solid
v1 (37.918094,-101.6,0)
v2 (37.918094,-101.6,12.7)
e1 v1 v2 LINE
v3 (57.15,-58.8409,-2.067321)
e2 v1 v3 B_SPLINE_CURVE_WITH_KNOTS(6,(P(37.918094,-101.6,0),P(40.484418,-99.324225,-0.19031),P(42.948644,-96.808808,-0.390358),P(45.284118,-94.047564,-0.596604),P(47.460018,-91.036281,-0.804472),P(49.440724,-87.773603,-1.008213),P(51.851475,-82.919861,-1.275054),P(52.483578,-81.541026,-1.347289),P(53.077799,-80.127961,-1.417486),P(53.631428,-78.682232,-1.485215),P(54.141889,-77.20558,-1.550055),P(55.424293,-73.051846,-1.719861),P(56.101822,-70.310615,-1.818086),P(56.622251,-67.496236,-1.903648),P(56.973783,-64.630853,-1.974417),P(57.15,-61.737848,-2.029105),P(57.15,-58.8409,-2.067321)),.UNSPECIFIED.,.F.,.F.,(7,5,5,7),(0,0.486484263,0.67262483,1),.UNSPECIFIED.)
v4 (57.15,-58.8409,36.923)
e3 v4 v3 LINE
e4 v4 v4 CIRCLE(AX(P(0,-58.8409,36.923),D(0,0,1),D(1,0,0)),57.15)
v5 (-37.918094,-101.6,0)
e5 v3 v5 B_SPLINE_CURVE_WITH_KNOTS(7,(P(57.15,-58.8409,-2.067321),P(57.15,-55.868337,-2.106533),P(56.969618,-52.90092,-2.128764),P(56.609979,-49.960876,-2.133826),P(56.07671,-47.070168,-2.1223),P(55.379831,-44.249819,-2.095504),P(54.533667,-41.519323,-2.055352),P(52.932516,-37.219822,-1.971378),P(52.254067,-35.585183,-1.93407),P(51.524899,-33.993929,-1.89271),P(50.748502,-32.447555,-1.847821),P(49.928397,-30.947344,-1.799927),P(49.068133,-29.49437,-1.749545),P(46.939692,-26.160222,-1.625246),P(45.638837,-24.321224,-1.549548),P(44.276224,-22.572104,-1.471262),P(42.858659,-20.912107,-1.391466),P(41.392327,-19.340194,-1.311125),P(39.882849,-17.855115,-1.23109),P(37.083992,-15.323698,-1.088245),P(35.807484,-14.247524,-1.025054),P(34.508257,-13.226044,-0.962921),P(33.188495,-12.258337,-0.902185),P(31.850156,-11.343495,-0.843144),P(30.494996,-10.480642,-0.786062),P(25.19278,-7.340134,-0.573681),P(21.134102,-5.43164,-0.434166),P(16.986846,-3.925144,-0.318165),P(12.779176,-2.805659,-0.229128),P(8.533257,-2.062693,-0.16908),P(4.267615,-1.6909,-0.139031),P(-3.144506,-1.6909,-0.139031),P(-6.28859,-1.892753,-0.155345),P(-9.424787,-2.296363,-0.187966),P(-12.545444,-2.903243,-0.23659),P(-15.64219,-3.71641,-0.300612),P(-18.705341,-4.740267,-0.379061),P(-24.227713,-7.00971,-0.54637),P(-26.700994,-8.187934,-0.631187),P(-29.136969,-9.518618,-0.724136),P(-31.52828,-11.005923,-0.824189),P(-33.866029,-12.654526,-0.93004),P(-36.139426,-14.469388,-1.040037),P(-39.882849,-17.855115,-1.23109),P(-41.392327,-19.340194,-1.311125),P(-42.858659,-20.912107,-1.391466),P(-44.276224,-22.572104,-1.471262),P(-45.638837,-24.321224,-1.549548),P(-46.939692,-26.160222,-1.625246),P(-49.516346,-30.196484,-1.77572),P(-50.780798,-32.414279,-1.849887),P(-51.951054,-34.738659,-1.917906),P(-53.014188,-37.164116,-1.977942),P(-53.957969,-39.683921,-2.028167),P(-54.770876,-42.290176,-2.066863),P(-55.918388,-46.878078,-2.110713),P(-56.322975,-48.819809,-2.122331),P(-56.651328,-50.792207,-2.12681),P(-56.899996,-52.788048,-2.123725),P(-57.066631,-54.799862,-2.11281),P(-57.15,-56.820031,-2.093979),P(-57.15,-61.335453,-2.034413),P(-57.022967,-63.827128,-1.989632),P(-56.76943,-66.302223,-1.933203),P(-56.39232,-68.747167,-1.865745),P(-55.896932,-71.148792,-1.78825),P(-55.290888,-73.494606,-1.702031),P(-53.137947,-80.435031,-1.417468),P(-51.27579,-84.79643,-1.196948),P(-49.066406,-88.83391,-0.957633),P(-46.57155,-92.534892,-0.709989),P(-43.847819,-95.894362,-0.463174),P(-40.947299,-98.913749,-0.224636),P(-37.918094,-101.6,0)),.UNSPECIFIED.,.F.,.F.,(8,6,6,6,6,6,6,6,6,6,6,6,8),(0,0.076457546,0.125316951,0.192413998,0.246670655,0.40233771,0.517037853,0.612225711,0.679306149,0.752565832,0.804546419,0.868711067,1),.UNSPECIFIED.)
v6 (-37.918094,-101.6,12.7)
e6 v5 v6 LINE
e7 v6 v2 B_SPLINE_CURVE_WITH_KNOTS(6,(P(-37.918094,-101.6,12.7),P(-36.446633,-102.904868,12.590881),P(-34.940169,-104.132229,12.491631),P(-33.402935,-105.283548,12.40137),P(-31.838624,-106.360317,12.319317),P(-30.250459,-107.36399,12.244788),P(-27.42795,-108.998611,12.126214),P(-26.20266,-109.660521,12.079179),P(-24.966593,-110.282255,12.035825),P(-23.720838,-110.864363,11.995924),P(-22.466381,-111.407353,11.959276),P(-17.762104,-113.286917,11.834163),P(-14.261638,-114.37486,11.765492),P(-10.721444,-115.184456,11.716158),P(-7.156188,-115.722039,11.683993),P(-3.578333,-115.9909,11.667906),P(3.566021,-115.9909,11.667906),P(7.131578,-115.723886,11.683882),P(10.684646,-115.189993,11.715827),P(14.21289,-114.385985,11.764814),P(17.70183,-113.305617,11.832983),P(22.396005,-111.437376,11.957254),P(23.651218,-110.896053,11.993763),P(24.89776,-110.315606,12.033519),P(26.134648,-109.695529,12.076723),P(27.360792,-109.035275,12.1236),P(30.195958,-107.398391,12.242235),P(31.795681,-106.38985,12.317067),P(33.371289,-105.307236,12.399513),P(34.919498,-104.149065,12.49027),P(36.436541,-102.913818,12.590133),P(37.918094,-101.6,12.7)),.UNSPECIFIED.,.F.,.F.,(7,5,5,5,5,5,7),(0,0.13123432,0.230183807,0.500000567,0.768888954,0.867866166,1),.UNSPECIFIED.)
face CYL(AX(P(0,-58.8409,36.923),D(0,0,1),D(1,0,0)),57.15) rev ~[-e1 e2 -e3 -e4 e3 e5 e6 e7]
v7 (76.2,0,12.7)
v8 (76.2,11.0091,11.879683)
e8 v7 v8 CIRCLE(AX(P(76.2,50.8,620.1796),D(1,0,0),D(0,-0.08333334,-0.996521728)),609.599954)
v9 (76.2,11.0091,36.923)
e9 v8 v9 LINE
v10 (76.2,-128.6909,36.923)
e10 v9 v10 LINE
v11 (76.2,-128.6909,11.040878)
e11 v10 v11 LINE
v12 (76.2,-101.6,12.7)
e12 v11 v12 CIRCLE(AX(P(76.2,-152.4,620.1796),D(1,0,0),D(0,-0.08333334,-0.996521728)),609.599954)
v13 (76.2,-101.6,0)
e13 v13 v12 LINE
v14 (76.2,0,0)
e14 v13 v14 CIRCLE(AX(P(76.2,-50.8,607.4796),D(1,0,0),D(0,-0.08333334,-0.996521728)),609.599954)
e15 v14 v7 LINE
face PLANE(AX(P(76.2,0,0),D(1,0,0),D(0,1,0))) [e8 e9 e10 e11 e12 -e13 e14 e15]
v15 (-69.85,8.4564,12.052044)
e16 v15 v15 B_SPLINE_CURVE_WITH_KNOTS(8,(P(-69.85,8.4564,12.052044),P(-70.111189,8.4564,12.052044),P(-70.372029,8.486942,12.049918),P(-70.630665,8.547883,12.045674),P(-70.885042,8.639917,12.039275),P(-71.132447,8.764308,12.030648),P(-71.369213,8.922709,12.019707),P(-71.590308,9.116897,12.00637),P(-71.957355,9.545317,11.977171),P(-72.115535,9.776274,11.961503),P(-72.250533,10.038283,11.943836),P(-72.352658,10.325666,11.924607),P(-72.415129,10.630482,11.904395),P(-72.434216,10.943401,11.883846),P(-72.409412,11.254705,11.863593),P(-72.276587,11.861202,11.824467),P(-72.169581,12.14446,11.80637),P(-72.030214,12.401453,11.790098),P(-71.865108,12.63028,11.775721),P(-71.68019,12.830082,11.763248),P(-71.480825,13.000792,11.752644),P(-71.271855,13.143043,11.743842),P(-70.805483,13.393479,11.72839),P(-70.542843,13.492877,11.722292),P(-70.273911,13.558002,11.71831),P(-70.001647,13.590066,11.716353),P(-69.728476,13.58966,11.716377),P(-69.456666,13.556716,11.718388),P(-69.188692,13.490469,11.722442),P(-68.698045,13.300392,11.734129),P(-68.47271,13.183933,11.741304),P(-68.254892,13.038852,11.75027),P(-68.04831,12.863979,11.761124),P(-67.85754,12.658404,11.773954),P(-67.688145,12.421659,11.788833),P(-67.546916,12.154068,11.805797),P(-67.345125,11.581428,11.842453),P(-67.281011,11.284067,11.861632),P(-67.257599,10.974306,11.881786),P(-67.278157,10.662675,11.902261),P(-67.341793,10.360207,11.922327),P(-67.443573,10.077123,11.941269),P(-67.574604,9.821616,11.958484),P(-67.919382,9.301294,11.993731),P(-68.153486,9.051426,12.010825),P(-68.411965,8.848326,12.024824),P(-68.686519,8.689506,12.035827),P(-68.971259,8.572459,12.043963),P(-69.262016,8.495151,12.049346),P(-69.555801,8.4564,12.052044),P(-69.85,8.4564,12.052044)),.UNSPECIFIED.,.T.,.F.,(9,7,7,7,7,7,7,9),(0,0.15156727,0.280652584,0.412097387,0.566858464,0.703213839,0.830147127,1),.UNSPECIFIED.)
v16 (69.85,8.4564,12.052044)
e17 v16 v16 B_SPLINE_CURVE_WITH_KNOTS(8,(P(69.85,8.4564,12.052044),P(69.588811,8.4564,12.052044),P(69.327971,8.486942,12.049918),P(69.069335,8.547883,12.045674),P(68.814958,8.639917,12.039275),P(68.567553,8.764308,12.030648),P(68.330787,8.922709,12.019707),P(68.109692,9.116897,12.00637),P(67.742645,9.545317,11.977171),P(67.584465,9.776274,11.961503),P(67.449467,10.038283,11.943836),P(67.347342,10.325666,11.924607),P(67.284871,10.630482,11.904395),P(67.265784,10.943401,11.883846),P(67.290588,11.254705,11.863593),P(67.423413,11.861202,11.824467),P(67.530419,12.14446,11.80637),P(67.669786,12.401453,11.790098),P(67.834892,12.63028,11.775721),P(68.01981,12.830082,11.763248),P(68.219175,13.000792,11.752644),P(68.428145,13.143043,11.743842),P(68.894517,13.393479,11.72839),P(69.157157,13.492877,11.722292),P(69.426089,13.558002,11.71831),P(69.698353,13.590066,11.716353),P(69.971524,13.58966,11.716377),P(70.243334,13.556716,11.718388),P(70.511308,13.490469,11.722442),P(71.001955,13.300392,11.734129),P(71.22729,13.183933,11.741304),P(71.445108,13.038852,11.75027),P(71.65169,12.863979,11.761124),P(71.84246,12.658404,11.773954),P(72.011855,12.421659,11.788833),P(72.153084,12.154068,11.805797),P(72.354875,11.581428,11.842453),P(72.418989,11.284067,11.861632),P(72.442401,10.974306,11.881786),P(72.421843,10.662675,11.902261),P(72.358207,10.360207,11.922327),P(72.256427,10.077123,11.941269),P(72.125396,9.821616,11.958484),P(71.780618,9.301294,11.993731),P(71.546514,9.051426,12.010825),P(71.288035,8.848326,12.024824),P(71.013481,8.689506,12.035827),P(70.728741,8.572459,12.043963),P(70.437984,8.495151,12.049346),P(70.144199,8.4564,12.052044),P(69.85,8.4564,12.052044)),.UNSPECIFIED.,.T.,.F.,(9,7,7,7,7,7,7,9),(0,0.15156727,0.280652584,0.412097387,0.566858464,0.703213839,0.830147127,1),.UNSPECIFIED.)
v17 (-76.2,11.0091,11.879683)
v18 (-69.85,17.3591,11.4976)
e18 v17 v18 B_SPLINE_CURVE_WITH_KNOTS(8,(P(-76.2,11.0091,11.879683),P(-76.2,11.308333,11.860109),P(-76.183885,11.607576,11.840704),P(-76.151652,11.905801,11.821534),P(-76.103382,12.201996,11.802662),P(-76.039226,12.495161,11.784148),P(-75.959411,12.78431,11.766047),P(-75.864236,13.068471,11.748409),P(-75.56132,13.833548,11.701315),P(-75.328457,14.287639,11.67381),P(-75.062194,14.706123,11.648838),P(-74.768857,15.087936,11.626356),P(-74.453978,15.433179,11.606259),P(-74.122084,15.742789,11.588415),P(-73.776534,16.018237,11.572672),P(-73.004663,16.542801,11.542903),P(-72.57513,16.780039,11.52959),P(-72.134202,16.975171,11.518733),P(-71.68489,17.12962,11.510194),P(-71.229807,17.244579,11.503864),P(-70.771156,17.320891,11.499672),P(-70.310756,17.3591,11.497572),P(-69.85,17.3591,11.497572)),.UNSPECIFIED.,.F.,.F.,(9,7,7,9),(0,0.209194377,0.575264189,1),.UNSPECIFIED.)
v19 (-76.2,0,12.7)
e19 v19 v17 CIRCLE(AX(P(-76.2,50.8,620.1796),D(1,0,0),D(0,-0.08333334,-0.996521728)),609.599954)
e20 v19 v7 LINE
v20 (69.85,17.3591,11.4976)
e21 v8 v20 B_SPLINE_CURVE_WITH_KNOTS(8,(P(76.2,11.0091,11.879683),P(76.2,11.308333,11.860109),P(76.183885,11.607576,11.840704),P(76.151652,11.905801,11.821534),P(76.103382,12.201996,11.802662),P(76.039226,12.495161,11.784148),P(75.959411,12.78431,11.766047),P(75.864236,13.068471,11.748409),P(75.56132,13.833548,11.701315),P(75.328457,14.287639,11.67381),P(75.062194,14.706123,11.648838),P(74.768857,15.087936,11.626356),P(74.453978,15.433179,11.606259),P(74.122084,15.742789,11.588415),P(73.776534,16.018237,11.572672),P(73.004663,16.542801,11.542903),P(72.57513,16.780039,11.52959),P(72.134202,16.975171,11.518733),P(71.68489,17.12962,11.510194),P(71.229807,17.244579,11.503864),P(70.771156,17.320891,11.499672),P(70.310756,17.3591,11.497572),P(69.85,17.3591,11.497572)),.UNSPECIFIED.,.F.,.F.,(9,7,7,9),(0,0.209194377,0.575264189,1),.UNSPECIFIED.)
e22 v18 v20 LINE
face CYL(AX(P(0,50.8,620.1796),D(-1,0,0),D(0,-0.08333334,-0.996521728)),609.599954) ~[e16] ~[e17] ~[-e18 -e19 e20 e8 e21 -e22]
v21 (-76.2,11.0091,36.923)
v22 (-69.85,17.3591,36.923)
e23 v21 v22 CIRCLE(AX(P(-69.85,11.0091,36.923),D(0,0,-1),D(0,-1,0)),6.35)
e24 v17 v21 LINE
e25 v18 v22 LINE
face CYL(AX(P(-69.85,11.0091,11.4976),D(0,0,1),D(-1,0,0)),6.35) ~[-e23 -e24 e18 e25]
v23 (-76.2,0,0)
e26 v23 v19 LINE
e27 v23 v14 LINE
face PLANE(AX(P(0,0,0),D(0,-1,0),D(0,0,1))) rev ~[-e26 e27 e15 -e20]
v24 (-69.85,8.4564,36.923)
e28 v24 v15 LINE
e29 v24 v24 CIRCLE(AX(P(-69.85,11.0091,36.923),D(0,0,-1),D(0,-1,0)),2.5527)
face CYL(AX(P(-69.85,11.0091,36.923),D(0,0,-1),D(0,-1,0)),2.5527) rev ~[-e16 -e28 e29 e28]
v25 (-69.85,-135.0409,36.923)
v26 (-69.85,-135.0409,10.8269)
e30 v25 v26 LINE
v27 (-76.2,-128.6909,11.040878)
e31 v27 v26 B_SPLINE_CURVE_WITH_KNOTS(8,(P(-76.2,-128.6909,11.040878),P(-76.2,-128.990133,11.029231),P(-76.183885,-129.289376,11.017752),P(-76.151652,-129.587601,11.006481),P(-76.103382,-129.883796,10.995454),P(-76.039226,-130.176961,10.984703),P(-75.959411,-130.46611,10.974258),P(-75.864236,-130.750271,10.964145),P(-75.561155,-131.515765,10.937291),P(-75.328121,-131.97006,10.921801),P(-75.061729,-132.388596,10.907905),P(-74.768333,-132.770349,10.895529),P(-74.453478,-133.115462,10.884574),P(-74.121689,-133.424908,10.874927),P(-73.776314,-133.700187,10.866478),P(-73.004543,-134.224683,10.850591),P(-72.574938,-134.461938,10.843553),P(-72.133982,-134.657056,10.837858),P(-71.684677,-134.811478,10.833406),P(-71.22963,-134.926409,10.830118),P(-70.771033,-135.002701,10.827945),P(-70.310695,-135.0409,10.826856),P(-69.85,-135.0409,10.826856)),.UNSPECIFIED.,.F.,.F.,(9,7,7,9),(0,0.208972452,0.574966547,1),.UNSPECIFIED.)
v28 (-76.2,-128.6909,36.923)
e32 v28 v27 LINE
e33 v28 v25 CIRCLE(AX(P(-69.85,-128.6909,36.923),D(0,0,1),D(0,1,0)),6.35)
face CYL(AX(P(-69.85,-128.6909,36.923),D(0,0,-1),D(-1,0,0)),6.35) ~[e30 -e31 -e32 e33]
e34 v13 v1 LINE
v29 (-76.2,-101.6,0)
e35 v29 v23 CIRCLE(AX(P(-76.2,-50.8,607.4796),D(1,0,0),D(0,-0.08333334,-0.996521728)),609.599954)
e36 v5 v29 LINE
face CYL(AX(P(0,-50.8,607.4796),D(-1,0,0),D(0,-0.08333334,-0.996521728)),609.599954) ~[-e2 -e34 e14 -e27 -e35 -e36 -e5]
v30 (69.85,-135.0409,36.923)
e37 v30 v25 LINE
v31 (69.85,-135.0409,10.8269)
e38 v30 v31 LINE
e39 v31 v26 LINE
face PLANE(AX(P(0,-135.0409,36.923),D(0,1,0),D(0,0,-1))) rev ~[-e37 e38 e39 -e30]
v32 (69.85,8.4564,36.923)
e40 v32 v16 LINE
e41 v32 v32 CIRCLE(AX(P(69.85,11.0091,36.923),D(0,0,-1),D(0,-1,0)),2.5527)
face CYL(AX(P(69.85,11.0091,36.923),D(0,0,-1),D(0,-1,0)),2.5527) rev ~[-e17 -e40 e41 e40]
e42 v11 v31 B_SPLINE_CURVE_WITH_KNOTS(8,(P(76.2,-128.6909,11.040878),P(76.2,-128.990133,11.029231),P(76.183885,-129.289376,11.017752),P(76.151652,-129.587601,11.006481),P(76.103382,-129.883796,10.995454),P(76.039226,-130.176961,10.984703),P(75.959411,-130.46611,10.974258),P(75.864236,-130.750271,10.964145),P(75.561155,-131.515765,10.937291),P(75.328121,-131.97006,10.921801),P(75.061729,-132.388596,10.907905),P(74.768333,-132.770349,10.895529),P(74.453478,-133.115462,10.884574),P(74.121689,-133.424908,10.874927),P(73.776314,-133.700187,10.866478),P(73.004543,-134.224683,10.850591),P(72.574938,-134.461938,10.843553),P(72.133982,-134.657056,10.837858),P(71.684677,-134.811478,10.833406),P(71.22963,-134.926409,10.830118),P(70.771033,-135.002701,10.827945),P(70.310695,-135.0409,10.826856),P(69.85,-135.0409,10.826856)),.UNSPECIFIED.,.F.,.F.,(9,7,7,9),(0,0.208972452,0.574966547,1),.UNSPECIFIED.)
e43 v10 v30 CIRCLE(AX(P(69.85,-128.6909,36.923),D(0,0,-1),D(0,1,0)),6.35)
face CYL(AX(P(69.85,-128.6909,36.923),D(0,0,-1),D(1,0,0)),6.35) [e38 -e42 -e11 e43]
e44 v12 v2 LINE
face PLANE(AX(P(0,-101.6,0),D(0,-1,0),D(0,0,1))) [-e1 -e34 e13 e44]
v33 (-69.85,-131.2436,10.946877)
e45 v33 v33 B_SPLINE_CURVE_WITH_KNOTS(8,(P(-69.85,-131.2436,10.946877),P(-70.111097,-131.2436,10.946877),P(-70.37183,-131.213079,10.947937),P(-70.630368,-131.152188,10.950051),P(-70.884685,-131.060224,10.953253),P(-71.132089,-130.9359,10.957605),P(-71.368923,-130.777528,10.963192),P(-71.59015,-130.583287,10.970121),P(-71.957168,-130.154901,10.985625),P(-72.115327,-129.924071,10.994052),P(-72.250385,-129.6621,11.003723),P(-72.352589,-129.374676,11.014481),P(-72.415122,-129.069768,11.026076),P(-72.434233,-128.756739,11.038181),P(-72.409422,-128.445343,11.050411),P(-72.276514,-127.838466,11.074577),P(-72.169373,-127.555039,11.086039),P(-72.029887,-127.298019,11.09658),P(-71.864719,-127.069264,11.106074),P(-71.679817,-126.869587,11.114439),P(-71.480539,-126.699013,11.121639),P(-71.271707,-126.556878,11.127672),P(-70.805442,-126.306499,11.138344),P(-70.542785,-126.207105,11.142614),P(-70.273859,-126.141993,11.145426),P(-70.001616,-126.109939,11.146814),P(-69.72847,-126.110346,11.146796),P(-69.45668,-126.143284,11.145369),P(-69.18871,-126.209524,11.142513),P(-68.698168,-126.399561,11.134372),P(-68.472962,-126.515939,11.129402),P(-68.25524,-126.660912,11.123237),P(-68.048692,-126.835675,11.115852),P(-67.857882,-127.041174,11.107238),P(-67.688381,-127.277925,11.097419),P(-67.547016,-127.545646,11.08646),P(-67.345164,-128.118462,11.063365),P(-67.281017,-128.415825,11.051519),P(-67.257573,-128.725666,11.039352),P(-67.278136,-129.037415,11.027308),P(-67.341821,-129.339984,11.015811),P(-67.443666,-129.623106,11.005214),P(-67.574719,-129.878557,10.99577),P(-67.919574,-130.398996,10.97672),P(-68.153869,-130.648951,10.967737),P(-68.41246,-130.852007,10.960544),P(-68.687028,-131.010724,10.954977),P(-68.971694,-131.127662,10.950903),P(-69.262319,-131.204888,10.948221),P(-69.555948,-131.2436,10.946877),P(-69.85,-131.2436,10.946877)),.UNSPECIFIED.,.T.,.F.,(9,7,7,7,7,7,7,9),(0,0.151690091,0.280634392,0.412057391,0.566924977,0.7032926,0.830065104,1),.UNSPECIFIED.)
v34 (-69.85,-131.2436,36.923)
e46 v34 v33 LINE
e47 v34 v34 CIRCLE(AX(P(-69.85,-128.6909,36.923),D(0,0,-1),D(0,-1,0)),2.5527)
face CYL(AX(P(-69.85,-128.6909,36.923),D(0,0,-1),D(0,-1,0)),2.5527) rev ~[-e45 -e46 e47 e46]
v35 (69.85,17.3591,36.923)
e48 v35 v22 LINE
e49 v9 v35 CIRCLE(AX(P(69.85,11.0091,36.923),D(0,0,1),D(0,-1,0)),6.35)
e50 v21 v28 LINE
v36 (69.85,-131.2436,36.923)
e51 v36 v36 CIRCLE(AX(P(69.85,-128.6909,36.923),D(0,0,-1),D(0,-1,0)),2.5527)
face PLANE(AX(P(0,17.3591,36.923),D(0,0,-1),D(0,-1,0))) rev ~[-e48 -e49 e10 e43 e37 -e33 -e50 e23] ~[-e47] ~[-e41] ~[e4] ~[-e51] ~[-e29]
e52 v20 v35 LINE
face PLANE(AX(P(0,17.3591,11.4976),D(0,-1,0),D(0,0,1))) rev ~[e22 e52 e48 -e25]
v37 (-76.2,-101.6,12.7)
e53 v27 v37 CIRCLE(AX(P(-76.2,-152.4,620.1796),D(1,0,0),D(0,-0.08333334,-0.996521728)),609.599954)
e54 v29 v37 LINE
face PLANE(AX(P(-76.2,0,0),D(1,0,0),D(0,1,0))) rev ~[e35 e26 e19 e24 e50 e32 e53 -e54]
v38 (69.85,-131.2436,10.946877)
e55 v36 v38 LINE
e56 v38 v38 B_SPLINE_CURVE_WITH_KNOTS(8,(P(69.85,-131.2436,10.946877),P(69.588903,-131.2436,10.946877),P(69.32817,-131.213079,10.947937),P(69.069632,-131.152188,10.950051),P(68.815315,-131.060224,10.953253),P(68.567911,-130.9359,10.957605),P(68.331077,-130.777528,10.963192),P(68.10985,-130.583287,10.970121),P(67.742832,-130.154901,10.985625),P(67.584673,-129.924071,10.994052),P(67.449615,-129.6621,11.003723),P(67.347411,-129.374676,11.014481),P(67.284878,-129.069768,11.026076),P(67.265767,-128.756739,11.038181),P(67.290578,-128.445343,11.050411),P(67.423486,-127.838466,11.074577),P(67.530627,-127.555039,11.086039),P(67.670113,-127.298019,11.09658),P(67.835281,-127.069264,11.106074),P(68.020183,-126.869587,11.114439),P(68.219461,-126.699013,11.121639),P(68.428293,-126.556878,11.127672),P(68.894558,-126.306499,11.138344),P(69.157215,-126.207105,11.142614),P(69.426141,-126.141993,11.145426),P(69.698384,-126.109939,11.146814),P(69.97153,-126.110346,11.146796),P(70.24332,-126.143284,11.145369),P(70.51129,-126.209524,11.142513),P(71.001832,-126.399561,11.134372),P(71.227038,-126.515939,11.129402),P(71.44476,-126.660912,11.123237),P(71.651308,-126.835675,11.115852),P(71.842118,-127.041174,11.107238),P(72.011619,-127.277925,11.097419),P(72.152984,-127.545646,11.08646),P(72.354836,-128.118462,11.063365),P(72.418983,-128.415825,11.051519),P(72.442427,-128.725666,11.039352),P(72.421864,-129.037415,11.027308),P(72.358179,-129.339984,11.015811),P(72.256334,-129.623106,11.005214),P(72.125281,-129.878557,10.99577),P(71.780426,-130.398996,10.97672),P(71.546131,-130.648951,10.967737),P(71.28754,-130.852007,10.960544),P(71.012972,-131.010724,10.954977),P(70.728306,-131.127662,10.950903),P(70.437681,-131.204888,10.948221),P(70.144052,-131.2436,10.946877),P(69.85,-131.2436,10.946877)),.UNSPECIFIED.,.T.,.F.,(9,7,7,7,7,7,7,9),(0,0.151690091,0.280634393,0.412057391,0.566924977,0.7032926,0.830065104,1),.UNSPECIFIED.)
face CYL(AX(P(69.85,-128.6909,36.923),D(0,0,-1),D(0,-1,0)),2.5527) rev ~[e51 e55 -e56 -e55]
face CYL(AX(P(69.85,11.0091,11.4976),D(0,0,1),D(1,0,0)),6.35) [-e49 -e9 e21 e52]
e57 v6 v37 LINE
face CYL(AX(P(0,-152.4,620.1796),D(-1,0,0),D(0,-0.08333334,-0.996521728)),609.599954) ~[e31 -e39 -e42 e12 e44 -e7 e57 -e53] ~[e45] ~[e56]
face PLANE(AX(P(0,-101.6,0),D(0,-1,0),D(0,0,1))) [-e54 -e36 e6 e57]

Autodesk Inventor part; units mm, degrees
ref_plane "YZ Plane" through (0, 0, 0) normal (1, 0, 0) x (0, 1, 0)
ref_plane "XZ Plane" through (0, 0, 0) normal (0, 1, 0) x (-1, 0, 0)
ref_plane "XY Plane" through (0, 0, 0) normal (0, 0, 1) x (1, 0, 0)
sketch "Sketch1" plane through (0, 0, 0) normal (1, 0, 0) x (0, 1, 0)
  line L0 (0, 0) -> (0, 12.7)
  line L1 (0, 0) -> (-101.6, 0) construction
  arc A0 (-101.6, 0) -> (0, 0) centre (-50.8, 607.4796) ccw
  line L2 (-50.8, -2.1204) -> (-50.8, 0) construction
  line L3 (0, 12.7) -> (101.6, 12.7) construction
  arc A1 (0, 12.7) -> (101.6, 12.7) centre (50.8, 620.1796) ccw
  line L4 (-101.6, 0) -> (-101.6, 12.7)
  line L5 (-101.6, 12.7) -> (-203.2, 12.7) construction
  arc A2 (-203.2, 12.7) -> (-101.6, 12.7) centre (-152.4, 620.1796) ccw
  line L6 (17.3591, 11.4976) -> (17.3591, 36.923)
  line L7 (17.3591, 36.923) -> (-135.0409, 36.923)
  line L8 (-135.0409, 36.923) -> (-135.0409, 10.8269)
  dimension "d0" = 12.7
  dimension "d1" = 101.6
  dimension "d3" = 50.8
  dimension "d4" = 2.1204
  dimension "d5" = 609.6
  dimension "d6" = 101.6
  dimension "d7" = 609.6
  dimension "d8" = 12.7
  dimension "d9" = 101.6
  dimension "d10" = 609.6
  dimension "d11" = 152.4
  dimension "d12" = 25.4254
extrude "Extrusion1" add sketch "Sketch1" along normal mid plane 152.4
sketch "Sketch3" plane through (-76.2, -135.0409, 36.923) normal (0, 0, 1) x (1, 0, 0)
  line L0 (0, 0) -> (0, 152.4) construction
  line L1 (152.4, 152.4) -> (152.4, 0) construction
  line L2 (0, 152.4) -> (152.4, 0) construction
  line L3 (152.4, 0) -> (0, 0) construction
  line L4 (152.4, 135.0409) -> (152.4, 152.4) construction
  line L5 (0, 0) -> (152.4, 152.4) construction
  circle A0 centre (76.2, 76.2) radius 57.15
  line L6 (6.35, 6.35) -> (146.05, 6.35) construction
  line L7 (146.05, 6.35) -> (146.05, 146.05) construction
  line L8 (146.05, 146.05) -> (6.35, 146.05) construction
  line L9 (6.35, 146.05) -> (6.35, 6.35) construction
  line L10 (6.35, 6.35) -> (146.05, 146.05) construction
  line L11 (146.05, 6.35) -> (6.35, 146.05) construction
  line L12 (0, 152.4) -> (152.4, 152.4) construction
  point P0 (76.2, 135.0409)
  dimension "d15" = 114.3
  dimension "d16" = 6.35
  dimension "d17" = 6.35
extrude "Extrusion2" cut sketch "Sketch3" against normal through all
hole "Hole1" at (-69.85, 11.0091, 36.923) at (69.85, 11.0091, 36.923) at (69.85, -128.6909, 36.923) at (-69.85, -128.6909, 36.923) direction (0, 0, -1) diameter 5.1054 end through all clearance for "Hex Machine Screw" size "#10" standard "Ansi Unified Screw Threads"
fillet "Fillet1" radius 6.35 4 edges at (-76.2, 17.3591, 24.2103) (76.2, 17.3591, 24.2103) (76.2, -135.0409, 23.8749) (-76.2, -135.0409, 23.8749)
equation "\"d0\" = sidingDepth"
equation "\"d1\" = sidingHeight"
equation "\"d5\" = radiusOfCurvature"
equation "\"d6\" = sidingHeight"
equation "\"d7\" = radiusOfCurvature"
equation "\"d11\" = outsideWidthOfVent"
equation "\"d13\" = outsideWidthOfVent"
equation "\"d15\" = ventHole"
equation "\"d27\" = ventRadius"
equation "\"sidingHeight\" = 101.6"
equation "\"sidingDepth\" = 12.7"
equation "\"radiusOfCurvature\" = 609.6"
equation "\"outsideWidthOfVent\" = 152.4"
equation "\"wallThicknessOfVent\" = 19.05"
equation "\"holeOffset\" = 6.35"
equation "\"ventHole\" = 114.3"
equation "\"ventRadius\" = 6.35"
properties part number "ventForDryer"
